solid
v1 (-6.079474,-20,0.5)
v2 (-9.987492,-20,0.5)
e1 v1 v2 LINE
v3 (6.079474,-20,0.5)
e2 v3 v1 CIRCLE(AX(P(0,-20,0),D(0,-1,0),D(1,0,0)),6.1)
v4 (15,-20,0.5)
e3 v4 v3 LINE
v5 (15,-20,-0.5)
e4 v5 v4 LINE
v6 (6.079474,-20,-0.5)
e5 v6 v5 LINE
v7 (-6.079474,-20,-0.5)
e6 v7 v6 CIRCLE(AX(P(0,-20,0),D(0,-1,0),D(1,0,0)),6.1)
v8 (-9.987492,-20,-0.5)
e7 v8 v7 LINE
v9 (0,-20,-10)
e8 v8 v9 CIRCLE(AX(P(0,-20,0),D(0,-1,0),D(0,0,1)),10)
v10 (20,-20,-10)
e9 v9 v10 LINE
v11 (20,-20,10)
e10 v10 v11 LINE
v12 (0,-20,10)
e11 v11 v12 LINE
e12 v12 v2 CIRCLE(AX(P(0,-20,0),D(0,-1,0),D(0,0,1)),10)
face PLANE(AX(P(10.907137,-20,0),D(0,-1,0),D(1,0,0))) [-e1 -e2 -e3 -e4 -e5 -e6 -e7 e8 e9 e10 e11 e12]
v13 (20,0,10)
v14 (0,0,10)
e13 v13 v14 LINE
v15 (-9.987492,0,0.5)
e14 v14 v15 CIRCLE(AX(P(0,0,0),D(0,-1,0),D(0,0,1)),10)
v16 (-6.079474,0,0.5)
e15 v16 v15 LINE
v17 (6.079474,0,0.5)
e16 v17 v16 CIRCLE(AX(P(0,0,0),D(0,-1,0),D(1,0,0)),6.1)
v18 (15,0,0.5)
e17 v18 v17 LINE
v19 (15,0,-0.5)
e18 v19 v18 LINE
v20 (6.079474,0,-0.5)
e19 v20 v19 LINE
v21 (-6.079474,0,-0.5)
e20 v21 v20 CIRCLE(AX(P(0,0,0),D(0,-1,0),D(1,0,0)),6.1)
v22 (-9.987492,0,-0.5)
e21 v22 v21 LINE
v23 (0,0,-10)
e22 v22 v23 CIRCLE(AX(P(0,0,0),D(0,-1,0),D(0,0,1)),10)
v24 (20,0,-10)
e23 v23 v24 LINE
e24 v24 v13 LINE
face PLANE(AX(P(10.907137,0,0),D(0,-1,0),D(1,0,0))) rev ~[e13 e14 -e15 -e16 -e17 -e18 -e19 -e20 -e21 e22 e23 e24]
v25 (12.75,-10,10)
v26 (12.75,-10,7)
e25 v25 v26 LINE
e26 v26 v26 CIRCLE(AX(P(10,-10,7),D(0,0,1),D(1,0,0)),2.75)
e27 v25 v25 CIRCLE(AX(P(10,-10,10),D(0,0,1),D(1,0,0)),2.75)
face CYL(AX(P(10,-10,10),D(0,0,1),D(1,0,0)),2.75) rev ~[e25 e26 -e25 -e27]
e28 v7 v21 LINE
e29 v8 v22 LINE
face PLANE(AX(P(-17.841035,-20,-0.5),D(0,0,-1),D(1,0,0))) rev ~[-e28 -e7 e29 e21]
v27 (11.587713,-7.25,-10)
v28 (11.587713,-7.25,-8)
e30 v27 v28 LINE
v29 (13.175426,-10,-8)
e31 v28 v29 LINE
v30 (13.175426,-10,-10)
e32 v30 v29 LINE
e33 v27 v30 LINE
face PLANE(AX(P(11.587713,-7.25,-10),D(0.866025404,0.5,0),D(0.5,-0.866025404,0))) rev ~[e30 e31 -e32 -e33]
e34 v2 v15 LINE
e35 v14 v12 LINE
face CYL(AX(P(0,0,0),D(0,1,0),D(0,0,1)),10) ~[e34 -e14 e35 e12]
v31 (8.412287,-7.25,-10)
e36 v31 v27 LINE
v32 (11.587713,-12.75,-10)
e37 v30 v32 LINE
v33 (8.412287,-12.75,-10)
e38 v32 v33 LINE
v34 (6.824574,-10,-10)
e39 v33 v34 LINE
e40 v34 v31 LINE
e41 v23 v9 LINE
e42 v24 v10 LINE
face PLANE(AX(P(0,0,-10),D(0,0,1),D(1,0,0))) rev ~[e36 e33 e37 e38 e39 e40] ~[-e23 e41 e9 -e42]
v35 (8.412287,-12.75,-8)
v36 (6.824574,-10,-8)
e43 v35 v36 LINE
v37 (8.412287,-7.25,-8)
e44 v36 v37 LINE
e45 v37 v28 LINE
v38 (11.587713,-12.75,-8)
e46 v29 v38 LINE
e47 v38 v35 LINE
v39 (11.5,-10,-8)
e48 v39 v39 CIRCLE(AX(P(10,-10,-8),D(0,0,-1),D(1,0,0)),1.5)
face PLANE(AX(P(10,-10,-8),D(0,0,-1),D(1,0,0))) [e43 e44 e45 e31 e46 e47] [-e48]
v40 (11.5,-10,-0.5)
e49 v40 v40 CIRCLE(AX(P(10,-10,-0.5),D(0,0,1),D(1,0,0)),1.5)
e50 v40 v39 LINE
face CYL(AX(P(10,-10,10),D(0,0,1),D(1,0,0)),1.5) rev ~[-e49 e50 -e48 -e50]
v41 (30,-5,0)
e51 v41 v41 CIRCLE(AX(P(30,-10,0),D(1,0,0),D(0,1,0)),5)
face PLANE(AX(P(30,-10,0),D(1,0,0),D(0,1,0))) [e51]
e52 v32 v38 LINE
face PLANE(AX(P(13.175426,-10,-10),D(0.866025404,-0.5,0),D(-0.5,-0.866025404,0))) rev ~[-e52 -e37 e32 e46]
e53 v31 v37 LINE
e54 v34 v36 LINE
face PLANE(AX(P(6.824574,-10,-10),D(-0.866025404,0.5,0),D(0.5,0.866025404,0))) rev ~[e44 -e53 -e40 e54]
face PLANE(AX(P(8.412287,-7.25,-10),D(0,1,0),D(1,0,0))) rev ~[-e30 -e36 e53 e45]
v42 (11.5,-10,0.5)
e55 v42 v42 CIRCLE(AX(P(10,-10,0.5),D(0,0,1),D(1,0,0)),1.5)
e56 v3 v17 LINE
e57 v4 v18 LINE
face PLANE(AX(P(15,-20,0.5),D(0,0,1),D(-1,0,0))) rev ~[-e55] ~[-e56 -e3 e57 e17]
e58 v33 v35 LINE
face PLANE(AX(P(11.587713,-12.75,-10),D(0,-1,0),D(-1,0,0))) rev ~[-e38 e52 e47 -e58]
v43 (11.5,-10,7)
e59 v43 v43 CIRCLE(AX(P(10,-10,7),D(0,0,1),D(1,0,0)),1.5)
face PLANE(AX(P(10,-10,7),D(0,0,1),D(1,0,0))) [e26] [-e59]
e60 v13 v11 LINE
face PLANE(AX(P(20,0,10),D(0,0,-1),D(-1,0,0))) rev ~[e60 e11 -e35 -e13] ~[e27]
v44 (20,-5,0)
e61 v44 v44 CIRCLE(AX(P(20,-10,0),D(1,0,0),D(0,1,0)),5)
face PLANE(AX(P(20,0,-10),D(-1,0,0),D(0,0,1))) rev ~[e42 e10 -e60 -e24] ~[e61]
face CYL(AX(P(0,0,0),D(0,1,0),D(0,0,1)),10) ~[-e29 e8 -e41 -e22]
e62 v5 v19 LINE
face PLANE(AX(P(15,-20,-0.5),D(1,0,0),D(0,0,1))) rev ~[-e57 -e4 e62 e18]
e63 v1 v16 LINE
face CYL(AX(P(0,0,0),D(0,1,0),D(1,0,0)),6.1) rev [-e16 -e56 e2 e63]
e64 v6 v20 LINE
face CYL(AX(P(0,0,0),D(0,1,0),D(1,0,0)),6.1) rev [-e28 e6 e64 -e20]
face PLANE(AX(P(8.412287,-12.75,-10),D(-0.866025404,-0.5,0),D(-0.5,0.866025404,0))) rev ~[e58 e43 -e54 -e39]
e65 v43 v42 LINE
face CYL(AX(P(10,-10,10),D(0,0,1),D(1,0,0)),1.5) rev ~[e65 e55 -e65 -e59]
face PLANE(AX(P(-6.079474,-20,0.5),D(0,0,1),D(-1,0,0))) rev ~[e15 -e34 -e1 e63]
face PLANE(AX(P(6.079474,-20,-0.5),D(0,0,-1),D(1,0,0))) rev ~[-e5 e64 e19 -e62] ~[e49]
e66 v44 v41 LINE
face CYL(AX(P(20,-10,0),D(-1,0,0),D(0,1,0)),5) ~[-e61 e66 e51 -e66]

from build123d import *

# Parameters (mm, degrees)
F0_R      = 6.1
F1_DEPTH  = 20
F3_R      = 1.5
F4_DEPTH  = 25
F5_DEPTH  = 25
F6_R      = 5
F7_DEPTH  = 10
F8_R      = 2.75
F8_R_2    = 1.5
F9_DEPTH  = 3
F10_R     = 1.5
F11_DEPTH = 2


with BuildPart() as f1:
    # F0 (on Front) → F1 (new body)
    with BuildSketch(Plane.XZ):
        with BuildLine():
            ThreePointArc((0, 10), (7.0710678119, 7.0710678119), (10, 0))
            ThreePointArc((10, 0), (7.0710678119, -7.0710678119), (0, -10))
            Line((0, -10), (20, -10))
            Line((20, -10), (20, 10))
            Line((20, 10), (0, 10))
        make_face()
        with BuildLine():
            ThreePointArc((0, -10), (7.0710678119, -7.0710678119), (10, 0))
            ThreePointArc((10, 0), (7.0710678119, 7.0710678119), (0, 10))
            ThreePointArc((0, 10), (-10, 0), (0, -10))
        make_face()
        Circle(F0_R, mode=Mode.SUBTRACT)
    extrude(amount=F1_DEPTH)

    # F3 (on face) → F4 (cut)
    with BuildSketch(Plane.XY.offset(10)):
        with Locations((10, -10)):
            Circle(F3_R)
    extrude(amount=-F4_DEPTH, mode=Mode.SUBTRACT)

    # F2 (on face) → F5 (cut)
    with BuildSketch(Plane.XZ.offset(20)):
        with BuildLine():
            Line((-9.9874921777, 0.5), (-17.8410350345, 0.5))
            Line((-17.8410350345, 0.5), (-17.8410350345, -0.5))
            Line((-17.8410350345, -0.5), (-9.9874921777, -0.5))
            ThreePointArc((-9.9874921777, -0.5), (-10, 0), (-9.9874921777, 0.5))
        make_face()
        with BuildLine():
            Line((-6.0794736614, 0.5), (-9.9874921777, 0.5))
            ThreePointArc((-9.9874921777, 0.5), (-10, 0), (-9.9874921777, -0.5))
            Line((-9.9874921777, -0.5), (-6.0794736614, -0.5))
            ThreePointArc((-6.0794736614, -0.5), (-6.1, 0), (-6.0794736614, 0.5))
        make_face()
        with BuildLine():
            Line((15, 0.5), (6.0794736614, 0.5))
            ThreePointArc((6.0794736614, 0.5), (6.0948662551, 0.2502105766), (6.1, 0))
            ThreePointArc((6.1, 0), (6.0948662551, -0.2502105766), (6.0794736614, -0.5))
            Line((6.0794736614, -0.5), (15, -0.5))
            Line((15, -0.5), (15, 0.5))
        make_face()
    extrude(amount=-F5_DEPTH, mode=Mode.SUBTRACT)

    # F6 (on face) → F7 (join)
    with BuildSketch(Plane.YZ.offset(20)):
        with Locations((-10, 0)):
            Circle(F6_R)
    extrude(amount=F7_DEPTH)

    # F8 (on face) → F9 (cut)
    with BuildSketch(Plane.XY.offset(10)):
        with Locations((10, -10)):
            Circle(F8_R)
        with Locations((10, -10)):
            Circle(F8_R_2, mode=Mode.SUBTRACT)
    extrude(amount=-F9_DEPTH, mode=Mode.SUBTRACT)

    # F10 (on face) → F11 (cut)
    with BuildSketch(Plane(origin=(0, 0, -10), x_dir=(1, 0, 0), z_dir=(0, 0, -1))):
        Polygon((11.5877132403, 12.75), (8.4122867597, 12.75), (6.8245735195, 10), (8.4122867597, 7.25), (11.5877132403, 7.25), (13.1754264805, 10), align=None)
        with Locations((10, 10)):
            Circle(F10_R, mode=Mode.SUBTRACT)
    extrude(amount=-F11_DEPTH, mode=Mode.SUBTRACT)


solid = f1.part
